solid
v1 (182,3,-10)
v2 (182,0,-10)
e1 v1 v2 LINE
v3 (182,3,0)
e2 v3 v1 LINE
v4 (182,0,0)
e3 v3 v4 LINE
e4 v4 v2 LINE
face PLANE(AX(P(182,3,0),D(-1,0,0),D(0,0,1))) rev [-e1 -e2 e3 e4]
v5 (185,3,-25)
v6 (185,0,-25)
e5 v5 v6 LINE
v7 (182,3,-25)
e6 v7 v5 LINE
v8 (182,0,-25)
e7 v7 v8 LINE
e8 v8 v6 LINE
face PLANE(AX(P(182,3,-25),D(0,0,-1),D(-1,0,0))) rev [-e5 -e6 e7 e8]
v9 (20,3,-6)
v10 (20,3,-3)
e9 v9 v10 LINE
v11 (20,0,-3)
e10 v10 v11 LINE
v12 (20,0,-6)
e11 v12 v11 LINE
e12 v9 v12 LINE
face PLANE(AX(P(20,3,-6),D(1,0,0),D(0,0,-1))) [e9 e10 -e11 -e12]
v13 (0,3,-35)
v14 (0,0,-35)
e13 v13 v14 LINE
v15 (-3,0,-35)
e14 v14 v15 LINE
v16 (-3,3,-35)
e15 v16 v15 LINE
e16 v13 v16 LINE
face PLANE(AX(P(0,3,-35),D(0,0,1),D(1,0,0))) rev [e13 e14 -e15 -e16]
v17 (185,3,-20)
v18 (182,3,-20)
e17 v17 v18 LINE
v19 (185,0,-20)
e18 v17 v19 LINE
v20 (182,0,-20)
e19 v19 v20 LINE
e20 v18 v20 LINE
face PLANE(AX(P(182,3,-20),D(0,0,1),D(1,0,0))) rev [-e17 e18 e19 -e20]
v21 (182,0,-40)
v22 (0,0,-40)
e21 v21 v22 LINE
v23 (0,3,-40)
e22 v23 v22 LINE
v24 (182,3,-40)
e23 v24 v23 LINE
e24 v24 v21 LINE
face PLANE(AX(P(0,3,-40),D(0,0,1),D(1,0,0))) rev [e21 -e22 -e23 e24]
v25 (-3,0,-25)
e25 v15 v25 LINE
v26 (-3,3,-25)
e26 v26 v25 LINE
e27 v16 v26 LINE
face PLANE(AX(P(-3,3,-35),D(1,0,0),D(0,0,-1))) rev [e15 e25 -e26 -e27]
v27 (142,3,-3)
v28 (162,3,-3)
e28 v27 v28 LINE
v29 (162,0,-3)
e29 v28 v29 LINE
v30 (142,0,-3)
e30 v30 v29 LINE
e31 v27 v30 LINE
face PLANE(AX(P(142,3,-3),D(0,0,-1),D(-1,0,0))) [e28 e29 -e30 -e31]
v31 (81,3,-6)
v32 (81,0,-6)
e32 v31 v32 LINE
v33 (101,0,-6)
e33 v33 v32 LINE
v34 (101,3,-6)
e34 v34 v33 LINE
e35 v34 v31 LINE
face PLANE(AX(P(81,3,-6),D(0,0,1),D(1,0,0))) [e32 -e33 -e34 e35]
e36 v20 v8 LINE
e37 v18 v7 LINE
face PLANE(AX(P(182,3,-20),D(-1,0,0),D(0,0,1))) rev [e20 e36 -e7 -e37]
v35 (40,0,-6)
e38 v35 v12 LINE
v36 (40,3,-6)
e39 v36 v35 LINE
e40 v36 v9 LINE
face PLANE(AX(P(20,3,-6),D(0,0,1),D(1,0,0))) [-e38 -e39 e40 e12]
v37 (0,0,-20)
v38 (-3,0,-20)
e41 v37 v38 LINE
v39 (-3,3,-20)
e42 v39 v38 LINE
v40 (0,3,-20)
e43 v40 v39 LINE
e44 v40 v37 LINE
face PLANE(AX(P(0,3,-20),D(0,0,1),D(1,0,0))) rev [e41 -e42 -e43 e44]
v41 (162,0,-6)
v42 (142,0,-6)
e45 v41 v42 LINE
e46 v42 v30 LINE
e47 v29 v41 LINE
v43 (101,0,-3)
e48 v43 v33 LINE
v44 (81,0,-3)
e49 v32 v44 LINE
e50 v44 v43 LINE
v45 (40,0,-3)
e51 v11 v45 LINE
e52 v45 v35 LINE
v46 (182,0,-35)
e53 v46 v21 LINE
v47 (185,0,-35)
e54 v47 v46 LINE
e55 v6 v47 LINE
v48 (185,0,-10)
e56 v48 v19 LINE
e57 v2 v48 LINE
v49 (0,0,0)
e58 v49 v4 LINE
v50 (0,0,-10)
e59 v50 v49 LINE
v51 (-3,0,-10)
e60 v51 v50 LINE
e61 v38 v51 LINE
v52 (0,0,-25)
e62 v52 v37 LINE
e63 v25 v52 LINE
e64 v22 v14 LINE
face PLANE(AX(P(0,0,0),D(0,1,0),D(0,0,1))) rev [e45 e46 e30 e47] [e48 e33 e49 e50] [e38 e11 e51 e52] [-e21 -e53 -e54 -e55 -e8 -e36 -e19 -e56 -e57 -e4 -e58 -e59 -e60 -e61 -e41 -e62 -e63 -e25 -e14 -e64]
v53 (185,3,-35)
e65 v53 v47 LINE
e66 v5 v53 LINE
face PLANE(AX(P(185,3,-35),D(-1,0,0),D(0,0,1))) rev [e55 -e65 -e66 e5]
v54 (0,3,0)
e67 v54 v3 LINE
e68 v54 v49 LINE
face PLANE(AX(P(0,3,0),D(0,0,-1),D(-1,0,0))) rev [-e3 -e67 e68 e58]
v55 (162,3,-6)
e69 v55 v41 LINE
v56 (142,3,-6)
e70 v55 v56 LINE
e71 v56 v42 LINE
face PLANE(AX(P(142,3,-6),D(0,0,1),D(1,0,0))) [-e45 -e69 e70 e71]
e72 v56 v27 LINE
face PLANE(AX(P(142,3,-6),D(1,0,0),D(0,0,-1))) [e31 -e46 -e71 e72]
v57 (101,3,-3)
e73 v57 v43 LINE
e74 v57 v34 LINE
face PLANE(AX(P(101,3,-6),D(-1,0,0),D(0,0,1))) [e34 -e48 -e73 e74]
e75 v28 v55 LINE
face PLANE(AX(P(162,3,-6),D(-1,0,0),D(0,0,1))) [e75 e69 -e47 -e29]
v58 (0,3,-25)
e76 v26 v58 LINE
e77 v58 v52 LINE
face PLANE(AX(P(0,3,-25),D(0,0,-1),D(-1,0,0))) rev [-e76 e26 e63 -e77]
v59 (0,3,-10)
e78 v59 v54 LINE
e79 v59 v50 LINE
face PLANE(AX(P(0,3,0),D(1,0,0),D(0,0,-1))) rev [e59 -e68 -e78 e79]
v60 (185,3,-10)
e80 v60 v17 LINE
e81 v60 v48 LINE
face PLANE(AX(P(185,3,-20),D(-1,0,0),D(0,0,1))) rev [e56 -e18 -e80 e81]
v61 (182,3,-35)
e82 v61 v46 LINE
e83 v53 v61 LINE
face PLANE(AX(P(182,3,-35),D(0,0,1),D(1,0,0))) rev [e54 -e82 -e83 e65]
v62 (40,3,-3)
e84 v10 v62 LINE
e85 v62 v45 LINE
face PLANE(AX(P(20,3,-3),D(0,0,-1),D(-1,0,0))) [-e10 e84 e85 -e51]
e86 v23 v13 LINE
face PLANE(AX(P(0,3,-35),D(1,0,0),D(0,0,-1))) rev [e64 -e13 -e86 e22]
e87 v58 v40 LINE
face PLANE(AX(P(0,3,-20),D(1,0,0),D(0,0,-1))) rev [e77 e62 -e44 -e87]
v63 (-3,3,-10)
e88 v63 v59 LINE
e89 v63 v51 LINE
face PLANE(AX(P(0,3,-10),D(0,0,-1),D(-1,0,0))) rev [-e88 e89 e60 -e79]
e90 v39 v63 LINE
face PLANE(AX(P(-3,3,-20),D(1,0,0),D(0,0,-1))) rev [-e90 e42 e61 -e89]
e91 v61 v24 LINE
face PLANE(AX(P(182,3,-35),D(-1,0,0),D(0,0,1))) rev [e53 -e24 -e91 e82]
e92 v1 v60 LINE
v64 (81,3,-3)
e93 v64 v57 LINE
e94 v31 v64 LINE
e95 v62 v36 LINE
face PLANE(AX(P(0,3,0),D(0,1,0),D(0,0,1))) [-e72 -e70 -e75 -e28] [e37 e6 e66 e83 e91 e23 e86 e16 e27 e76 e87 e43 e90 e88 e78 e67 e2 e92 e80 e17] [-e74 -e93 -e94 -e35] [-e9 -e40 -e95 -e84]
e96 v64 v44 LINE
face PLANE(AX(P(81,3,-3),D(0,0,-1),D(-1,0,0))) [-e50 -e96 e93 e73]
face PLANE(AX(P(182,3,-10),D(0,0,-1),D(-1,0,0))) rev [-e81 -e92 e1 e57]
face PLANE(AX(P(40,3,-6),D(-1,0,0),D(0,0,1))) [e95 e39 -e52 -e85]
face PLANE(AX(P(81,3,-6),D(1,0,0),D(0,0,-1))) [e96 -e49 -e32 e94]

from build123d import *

# Parameters (mm, degrees)
SKETCH1_W           = 20
SKETCH1_H           = 3
BOSS_EXTRUDE1_DEPTH = 3


with BuildPart() as part:
    # Sketch1 → Boss-Extrude1 (new body)
    with BuildSketch(Plane(origin=(0, 0, 0), x_dir=(1, 0, 0), z_dir=(0, 1, 0))):
        Polygon((0, 35), (0, 40), (182, 40), (182, 35), (185, 35), (185, 25), (182, 25), (182, 20), (185, 20), (185, 10), (182, 10), (182, 0), (0, 0), (0, 10), (-3, 10), (-3, 20), (0, 20), (0, 25), (-3, 25), (-3, 35), align=None)
        with Locations((30, 4.5)):
            Rectangle(SKETCH1_W, SKETCH1_H, mode=Mode.SUBTRACT)
        with Locations((152, 4.5)):
            Rectangle(SKETCH1_W, SKETCH1_H, mode=Mode.SUBTRACT)
        with Locations((91, 4.5)):
            Rectangle(SKETCH1_W, SKETCH1_H, mode=Mode.SUBTRACT)
    extrude(amount=BOSS_EXTRUDE1_DEPTH)


solid = part.part
